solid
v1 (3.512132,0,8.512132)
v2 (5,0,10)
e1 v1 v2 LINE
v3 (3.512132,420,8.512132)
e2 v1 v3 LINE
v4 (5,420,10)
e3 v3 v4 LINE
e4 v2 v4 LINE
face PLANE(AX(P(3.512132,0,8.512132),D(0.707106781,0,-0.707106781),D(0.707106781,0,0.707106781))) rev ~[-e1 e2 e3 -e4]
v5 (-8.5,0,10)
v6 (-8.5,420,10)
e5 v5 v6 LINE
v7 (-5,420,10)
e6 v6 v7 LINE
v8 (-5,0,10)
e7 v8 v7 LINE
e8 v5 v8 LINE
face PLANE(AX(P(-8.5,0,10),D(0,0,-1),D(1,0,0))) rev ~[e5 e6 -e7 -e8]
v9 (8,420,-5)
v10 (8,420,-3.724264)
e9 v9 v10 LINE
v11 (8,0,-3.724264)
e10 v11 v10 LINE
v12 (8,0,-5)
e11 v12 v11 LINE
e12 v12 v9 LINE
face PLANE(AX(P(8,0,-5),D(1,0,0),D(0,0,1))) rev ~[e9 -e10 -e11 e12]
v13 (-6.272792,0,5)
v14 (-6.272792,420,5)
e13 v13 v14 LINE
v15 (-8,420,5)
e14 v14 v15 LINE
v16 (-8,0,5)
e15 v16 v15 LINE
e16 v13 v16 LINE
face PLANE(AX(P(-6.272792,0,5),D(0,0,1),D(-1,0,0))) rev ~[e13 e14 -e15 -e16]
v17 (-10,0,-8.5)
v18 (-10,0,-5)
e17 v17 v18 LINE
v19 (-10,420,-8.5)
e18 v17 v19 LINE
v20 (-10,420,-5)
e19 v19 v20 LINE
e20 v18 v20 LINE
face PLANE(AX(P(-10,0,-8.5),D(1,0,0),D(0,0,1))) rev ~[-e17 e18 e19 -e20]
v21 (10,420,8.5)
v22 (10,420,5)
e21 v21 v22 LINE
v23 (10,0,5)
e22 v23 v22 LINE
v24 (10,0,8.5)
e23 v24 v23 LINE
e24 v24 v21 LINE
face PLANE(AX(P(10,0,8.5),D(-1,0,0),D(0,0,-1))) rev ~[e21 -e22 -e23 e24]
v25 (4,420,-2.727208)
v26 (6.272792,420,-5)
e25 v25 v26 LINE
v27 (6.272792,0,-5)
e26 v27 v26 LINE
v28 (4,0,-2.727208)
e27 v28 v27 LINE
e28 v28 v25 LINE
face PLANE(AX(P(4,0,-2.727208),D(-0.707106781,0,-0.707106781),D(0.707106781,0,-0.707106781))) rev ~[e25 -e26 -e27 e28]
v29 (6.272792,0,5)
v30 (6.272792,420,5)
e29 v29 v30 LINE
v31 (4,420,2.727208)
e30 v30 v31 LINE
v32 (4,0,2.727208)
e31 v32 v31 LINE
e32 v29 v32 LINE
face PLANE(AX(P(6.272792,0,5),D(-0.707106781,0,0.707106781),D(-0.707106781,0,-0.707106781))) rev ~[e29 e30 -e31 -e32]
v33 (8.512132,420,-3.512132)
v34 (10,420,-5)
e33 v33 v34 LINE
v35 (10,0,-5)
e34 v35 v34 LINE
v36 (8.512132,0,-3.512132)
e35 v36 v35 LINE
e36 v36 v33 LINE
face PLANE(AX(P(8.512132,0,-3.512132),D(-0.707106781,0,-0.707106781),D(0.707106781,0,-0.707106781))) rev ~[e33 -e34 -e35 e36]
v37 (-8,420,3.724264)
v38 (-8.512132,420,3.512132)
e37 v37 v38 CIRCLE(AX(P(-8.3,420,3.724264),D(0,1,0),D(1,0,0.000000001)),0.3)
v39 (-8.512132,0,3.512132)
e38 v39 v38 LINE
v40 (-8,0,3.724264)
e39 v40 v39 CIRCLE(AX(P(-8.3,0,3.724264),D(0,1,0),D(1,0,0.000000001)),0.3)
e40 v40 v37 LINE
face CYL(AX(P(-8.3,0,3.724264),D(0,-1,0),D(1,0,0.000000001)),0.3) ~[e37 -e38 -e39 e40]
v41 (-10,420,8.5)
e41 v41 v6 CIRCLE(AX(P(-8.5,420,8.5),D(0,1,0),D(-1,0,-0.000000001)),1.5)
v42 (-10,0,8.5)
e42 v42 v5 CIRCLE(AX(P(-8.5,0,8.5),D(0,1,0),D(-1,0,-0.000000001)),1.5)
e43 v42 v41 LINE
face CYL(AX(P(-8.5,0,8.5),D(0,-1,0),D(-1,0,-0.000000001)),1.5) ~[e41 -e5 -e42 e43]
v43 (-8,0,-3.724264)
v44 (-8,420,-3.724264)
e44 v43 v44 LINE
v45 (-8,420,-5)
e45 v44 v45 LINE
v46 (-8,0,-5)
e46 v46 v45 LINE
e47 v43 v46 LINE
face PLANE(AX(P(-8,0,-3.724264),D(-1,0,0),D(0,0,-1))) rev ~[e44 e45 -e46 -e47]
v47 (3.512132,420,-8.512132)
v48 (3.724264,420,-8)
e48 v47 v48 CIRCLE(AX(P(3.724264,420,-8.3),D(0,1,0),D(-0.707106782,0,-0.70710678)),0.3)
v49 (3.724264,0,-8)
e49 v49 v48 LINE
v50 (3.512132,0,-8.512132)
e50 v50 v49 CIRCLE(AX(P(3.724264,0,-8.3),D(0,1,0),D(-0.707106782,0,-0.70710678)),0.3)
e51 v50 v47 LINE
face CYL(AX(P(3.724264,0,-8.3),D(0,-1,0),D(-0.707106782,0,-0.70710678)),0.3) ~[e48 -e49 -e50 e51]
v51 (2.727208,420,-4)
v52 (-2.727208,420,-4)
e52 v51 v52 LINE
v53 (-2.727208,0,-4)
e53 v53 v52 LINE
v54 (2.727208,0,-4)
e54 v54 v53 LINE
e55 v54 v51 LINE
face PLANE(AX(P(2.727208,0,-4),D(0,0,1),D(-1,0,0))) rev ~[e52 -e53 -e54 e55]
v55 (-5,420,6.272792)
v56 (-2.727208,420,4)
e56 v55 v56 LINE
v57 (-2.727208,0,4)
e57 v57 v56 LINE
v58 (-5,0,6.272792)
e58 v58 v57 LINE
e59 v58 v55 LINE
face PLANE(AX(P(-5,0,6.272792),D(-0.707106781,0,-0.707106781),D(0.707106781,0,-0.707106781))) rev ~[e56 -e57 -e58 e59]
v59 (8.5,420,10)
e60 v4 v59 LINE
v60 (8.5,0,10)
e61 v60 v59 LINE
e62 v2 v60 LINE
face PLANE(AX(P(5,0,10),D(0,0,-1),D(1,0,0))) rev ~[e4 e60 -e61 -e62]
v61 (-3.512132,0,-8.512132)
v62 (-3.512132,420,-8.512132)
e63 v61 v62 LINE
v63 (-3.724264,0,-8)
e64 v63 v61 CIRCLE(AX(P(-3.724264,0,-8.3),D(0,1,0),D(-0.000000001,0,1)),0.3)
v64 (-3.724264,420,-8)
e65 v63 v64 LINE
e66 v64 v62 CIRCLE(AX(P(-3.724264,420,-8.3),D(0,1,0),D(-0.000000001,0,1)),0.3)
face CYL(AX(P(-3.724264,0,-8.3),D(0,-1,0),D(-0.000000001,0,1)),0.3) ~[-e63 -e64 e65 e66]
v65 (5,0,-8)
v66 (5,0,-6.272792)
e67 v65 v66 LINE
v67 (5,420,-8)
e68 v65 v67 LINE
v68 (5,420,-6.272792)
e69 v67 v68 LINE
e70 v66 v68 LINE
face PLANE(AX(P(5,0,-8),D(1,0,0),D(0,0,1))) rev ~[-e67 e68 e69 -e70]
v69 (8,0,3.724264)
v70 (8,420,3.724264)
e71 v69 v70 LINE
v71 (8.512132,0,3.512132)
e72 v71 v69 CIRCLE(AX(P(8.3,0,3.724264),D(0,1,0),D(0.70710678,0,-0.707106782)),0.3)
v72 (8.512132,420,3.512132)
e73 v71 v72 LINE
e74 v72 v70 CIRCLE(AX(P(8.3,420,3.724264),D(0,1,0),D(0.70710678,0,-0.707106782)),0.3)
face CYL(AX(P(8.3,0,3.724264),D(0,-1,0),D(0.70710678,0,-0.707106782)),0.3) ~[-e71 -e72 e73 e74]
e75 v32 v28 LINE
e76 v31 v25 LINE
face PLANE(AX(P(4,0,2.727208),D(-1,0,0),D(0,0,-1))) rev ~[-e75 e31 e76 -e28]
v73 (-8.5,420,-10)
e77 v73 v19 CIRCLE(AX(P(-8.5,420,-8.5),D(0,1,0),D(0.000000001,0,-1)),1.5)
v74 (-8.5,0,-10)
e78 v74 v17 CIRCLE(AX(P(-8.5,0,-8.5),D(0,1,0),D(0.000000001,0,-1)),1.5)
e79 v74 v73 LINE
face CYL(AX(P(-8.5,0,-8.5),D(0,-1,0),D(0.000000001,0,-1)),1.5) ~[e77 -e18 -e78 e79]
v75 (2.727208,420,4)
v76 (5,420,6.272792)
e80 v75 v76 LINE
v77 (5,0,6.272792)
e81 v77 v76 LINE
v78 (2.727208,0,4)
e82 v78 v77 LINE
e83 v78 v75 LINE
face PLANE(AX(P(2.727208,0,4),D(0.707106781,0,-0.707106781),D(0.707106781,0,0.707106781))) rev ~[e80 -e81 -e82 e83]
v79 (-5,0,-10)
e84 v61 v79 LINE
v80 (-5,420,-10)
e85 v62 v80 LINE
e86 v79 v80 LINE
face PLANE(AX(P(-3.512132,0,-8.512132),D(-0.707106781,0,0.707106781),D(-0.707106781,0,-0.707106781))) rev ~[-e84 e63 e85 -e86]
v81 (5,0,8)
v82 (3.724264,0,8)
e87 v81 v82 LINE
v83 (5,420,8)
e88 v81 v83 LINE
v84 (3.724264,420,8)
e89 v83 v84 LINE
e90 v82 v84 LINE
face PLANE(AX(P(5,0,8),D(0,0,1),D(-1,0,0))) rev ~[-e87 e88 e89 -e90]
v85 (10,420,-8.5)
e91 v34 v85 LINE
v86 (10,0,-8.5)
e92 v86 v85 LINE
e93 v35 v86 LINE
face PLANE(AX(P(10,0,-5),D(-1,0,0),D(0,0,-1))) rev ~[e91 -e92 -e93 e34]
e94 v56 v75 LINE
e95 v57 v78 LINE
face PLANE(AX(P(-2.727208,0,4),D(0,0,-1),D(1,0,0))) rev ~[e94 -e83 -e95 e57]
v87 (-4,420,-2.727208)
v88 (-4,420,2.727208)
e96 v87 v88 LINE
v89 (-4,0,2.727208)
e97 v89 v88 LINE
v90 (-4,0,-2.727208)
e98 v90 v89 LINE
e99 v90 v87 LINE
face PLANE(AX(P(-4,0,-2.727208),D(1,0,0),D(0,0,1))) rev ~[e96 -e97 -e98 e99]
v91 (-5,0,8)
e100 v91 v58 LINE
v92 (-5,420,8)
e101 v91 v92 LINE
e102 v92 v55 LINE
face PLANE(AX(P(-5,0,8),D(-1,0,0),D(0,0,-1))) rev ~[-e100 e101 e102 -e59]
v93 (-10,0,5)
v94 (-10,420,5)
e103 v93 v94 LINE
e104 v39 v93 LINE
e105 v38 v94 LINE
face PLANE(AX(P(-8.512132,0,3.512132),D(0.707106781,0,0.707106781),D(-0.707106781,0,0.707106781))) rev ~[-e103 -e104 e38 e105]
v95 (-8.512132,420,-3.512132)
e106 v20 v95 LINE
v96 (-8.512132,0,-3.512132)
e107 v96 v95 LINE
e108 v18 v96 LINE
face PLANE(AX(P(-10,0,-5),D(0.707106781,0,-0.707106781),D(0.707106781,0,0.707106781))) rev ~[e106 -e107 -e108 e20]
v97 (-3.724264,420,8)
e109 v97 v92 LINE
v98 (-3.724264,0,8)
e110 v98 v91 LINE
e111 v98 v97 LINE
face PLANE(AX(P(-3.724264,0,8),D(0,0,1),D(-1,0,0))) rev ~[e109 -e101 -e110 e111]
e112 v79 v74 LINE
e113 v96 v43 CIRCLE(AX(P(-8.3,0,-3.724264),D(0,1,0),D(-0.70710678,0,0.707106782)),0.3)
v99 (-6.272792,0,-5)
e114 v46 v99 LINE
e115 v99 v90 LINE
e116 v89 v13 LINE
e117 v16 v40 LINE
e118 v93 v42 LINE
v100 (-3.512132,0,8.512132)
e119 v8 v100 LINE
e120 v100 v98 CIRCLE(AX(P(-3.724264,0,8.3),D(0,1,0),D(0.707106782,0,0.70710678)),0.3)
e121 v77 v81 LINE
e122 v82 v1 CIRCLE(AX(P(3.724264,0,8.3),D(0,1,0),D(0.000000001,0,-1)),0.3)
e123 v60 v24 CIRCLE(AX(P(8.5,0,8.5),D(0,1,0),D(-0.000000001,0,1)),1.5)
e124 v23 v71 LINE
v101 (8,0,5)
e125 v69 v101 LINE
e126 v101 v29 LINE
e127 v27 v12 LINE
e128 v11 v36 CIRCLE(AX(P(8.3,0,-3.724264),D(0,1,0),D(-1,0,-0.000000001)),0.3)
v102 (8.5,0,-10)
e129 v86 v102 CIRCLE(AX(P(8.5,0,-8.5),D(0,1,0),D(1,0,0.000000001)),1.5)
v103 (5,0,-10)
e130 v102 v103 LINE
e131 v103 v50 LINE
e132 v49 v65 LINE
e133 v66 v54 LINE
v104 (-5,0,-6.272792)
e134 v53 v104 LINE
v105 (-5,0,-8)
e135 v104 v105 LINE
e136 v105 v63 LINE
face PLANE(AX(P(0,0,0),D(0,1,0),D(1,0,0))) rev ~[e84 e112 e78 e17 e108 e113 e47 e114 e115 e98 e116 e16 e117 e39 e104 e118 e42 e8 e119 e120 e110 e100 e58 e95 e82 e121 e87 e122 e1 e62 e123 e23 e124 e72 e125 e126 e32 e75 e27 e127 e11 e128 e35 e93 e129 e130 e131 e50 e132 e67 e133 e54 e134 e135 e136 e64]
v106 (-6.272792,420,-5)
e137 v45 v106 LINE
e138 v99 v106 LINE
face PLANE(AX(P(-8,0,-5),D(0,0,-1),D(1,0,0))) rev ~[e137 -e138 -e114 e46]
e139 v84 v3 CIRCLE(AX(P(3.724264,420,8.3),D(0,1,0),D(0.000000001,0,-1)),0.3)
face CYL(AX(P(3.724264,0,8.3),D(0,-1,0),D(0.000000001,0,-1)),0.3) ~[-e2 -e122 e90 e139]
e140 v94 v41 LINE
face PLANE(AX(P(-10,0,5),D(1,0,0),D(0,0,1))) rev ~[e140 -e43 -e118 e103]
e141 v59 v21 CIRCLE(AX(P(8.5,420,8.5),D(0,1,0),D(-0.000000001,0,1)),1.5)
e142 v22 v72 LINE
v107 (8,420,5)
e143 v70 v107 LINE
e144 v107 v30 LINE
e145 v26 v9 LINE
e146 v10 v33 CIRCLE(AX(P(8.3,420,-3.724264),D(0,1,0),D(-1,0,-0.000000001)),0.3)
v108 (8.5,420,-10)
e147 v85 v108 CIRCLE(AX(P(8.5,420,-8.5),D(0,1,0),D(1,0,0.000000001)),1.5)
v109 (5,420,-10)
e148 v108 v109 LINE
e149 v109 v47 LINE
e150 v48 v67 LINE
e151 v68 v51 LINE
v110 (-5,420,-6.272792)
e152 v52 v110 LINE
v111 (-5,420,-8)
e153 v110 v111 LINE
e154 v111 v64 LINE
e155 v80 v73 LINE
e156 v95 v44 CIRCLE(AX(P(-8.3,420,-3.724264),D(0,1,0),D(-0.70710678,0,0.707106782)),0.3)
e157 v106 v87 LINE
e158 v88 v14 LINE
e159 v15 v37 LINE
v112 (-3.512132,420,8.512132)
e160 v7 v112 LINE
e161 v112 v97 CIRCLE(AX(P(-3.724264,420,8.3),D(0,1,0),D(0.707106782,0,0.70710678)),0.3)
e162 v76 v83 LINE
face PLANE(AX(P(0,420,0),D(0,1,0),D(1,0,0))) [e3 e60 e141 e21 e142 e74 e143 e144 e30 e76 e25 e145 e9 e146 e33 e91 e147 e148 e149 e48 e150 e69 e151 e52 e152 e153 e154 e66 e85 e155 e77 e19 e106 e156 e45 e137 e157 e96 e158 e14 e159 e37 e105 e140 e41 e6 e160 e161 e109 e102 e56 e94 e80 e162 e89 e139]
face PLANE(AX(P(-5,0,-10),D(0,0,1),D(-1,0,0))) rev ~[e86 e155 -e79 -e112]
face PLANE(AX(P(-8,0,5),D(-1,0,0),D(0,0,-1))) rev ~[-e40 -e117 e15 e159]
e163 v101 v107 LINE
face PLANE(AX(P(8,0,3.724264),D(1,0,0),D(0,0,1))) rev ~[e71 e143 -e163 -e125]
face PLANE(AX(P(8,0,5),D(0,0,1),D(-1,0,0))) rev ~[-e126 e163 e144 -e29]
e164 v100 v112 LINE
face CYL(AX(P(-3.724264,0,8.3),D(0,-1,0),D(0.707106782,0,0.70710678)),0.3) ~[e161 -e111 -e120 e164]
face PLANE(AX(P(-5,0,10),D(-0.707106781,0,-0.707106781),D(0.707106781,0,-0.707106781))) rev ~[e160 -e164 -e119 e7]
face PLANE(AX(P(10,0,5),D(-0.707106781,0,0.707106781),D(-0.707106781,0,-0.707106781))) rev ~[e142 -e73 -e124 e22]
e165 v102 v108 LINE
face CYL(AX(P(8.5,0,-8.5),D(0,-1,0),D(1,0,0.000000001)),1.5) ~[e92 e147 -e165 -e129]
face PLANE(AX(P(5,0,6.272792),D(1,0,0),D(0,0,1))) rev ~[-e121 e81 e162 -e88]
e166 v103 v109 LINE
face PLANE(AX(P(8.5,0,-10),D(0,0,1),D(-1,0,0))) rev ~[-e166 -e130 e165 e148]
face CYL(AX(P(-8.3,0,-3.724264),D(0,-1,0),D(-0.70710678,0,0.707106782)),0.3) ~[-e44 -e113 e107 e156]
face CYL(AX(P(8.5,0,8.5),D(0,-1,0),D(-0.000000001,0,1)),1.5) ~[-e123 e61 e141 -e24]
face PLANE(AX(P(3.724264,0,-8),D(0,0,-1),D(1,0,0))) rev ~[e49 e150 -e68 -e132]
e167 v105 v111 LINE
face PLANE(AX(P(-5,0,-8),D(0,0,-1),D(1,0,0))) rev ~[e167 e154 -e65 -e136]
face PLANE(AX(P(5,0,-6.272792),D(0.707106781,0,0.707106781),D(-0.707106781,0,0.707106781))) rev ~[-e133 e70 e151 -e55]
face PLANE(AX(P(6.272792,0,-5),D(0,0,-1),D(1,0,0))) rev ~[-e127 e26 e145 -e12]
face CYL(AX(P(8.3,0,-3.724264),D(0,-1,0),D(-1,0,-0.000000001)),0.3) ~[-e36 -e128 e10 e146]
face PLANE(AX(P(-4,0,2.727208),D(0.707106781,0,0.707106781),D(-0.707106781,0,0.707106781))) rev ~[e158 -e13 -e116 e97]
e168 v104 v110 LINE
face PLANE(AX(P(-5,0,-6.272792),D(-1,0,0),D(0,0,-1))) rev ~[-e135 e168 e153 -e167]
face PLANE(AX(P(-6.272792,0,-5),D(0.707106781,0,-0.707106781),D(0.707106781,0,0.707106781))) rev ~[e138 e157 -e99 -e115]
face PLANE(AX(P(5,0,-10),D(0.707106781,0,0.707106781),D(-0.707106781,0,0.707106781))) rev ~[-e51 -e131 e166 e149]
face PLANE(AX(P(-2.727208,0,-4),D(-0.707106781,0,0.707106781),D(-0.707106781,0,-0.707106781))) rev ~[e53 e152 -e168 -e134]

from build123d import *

# Parameters (mm, degrees)
EXTRUDE_1_DEPTH = 420


with BuildPart() as part:
    # Эскиз1 → Бобышка-Вытянуть1 (new body)
    with BuildSketch(Plane(origin=(0, 0, 0), x_dir=(1, 0, 0), z_dir=(0, 1, 0))):
        with BuildLine():
            Line((6.272792206, 5), (8, 5))
            Line((8, 5), (8, 3.724264069))
            ThreePointArc((8, 3.724264069), (8.18519497, 3.447100209), (8.512132034, 3.512132034))
            Line((8.512132034, 3.512132034), (10, 5))
            Line((10, 5), (10, 8.5))
            ThreePointArc((10, 8.5), (9.560660172, 9.560660172), (8.5, 10))
            Line((8.5, 10), (5, 10))
            Line((5, 10), (3.512132034, 8.512132034))
            ThreePointArc((3.512132034, 8.512132034), (3.447100209, 8.18519497), (3.724264069, 8))
            Line((3.724264069, 8), (5, 8))
            Line((5, 8), (5, 6.272792206))
            Line((5, 6.272792206), (2.727207794, 4))
            Line((2.727207794, 4), (-2.727207794, 4))
            Line((-2.727207794, 4), (-5, 6.272792206))
            Line((-5, 6.272792206), (-5, 8))
            Line((-5, 8), (-3.724264069, 8))
            ThreePointArc((-3.724264069, 8), (-3.447100209, 8.18519497), (-3.512132034, 8.512132034))
            Line((-3.512132034, 8.512132034), (-5, 10))
            Line((-5, 10), (-8.5, 10))
            ThreePointArc((-8.5, 10), (-9.560660172, 9.560660172), (-10, 8.5))
            Line((-10, 8.5), (-10, 5))
            Line((-10, 5), (-8.512132034, 3.512132034))
            ThreePointArc((-8.512132034, 3.512132034), (-8.18519497, 3.447100209), (-8, 3.724264069))
            Line((-8, 3.724264069), (-8, 5))
            Line((-8, 5), (-6.272792206, 5))
            Line((-6.272792206, 5), (-4, 2.727207794))
            Line((-4, 2.727207794), (-4, -2.727207794))
            Line((-4, -2.727207794), (-6.272792206, -5))
            Line((-6.272792206, -5), (-8, -5))
            Line((-8, -5), (-8, -3.724264069))
            ThreePointArc((-8, -3.724264069), (-8.18519497, -3.447100209), (-8.512132034, -3.512132034))
            Line((-8.512132034, -3.512132034), (-10, -5))
            Line((-10, -5), (-10, -8.5))
            ThreePointArc((-10, -8.5), (-9.560660172, -9.560660172), (-8.5, -10))
            Line((-8.5, -10), (-5, -10))
            Line((-5, -10), (-3.512132034, -8.512132034))
            ThreePointArc((-3.512132034, -8.512132034), (-3.447100209, -8.18519497), (-3.724264069, -8))
            Line((-3.724264069, -8), (-5, -8))
            Line((-5, -8), (-5, -6.272792206))
            Line((-5, -6.272792206), (-2.727207794, -4))
            Line((-2.727207794, -4), (2.727207794, -4))
            Line((2.727207794, -4), (5, -6.272792206))
            Line((5, -6.272792206), (5, -8))
            Line((5, -8), (3.724264069, -8))
            ThreePointArc((3.724264069, -8), (3.447100209, -8.18519497), (3.512132034, -8.512132034))
            Line((3.512132034, -8.512132034), (5, -10))
            Line((5, -10), (8.5, -10))
            ThreePointArc((8.5, -10), (9.560660172, -9.560660172), (10, -8.5))
            Line((10, -8.5), (10, -5))
            Line((10, -5), (8.512132034, -3.512132034))
            ThreePointArc((8.512132034, -3.512132034), (8.18519497, -3.447100209), (8, -3.724264069))
            Line((8, -3.724264069), (8, -5))
            Line((8, -5), (6.272792206, -5))
            Line((6.272792206, -5), (4, -2.727207794))
            Line((4, -2.727207794), (4, 2.727207794))
            Line((4, 2.727207794), (6.272792206, 5))
        make_face()
    extrude(amount=EXTRUDE_1_DEPTH)


solid = part.part
